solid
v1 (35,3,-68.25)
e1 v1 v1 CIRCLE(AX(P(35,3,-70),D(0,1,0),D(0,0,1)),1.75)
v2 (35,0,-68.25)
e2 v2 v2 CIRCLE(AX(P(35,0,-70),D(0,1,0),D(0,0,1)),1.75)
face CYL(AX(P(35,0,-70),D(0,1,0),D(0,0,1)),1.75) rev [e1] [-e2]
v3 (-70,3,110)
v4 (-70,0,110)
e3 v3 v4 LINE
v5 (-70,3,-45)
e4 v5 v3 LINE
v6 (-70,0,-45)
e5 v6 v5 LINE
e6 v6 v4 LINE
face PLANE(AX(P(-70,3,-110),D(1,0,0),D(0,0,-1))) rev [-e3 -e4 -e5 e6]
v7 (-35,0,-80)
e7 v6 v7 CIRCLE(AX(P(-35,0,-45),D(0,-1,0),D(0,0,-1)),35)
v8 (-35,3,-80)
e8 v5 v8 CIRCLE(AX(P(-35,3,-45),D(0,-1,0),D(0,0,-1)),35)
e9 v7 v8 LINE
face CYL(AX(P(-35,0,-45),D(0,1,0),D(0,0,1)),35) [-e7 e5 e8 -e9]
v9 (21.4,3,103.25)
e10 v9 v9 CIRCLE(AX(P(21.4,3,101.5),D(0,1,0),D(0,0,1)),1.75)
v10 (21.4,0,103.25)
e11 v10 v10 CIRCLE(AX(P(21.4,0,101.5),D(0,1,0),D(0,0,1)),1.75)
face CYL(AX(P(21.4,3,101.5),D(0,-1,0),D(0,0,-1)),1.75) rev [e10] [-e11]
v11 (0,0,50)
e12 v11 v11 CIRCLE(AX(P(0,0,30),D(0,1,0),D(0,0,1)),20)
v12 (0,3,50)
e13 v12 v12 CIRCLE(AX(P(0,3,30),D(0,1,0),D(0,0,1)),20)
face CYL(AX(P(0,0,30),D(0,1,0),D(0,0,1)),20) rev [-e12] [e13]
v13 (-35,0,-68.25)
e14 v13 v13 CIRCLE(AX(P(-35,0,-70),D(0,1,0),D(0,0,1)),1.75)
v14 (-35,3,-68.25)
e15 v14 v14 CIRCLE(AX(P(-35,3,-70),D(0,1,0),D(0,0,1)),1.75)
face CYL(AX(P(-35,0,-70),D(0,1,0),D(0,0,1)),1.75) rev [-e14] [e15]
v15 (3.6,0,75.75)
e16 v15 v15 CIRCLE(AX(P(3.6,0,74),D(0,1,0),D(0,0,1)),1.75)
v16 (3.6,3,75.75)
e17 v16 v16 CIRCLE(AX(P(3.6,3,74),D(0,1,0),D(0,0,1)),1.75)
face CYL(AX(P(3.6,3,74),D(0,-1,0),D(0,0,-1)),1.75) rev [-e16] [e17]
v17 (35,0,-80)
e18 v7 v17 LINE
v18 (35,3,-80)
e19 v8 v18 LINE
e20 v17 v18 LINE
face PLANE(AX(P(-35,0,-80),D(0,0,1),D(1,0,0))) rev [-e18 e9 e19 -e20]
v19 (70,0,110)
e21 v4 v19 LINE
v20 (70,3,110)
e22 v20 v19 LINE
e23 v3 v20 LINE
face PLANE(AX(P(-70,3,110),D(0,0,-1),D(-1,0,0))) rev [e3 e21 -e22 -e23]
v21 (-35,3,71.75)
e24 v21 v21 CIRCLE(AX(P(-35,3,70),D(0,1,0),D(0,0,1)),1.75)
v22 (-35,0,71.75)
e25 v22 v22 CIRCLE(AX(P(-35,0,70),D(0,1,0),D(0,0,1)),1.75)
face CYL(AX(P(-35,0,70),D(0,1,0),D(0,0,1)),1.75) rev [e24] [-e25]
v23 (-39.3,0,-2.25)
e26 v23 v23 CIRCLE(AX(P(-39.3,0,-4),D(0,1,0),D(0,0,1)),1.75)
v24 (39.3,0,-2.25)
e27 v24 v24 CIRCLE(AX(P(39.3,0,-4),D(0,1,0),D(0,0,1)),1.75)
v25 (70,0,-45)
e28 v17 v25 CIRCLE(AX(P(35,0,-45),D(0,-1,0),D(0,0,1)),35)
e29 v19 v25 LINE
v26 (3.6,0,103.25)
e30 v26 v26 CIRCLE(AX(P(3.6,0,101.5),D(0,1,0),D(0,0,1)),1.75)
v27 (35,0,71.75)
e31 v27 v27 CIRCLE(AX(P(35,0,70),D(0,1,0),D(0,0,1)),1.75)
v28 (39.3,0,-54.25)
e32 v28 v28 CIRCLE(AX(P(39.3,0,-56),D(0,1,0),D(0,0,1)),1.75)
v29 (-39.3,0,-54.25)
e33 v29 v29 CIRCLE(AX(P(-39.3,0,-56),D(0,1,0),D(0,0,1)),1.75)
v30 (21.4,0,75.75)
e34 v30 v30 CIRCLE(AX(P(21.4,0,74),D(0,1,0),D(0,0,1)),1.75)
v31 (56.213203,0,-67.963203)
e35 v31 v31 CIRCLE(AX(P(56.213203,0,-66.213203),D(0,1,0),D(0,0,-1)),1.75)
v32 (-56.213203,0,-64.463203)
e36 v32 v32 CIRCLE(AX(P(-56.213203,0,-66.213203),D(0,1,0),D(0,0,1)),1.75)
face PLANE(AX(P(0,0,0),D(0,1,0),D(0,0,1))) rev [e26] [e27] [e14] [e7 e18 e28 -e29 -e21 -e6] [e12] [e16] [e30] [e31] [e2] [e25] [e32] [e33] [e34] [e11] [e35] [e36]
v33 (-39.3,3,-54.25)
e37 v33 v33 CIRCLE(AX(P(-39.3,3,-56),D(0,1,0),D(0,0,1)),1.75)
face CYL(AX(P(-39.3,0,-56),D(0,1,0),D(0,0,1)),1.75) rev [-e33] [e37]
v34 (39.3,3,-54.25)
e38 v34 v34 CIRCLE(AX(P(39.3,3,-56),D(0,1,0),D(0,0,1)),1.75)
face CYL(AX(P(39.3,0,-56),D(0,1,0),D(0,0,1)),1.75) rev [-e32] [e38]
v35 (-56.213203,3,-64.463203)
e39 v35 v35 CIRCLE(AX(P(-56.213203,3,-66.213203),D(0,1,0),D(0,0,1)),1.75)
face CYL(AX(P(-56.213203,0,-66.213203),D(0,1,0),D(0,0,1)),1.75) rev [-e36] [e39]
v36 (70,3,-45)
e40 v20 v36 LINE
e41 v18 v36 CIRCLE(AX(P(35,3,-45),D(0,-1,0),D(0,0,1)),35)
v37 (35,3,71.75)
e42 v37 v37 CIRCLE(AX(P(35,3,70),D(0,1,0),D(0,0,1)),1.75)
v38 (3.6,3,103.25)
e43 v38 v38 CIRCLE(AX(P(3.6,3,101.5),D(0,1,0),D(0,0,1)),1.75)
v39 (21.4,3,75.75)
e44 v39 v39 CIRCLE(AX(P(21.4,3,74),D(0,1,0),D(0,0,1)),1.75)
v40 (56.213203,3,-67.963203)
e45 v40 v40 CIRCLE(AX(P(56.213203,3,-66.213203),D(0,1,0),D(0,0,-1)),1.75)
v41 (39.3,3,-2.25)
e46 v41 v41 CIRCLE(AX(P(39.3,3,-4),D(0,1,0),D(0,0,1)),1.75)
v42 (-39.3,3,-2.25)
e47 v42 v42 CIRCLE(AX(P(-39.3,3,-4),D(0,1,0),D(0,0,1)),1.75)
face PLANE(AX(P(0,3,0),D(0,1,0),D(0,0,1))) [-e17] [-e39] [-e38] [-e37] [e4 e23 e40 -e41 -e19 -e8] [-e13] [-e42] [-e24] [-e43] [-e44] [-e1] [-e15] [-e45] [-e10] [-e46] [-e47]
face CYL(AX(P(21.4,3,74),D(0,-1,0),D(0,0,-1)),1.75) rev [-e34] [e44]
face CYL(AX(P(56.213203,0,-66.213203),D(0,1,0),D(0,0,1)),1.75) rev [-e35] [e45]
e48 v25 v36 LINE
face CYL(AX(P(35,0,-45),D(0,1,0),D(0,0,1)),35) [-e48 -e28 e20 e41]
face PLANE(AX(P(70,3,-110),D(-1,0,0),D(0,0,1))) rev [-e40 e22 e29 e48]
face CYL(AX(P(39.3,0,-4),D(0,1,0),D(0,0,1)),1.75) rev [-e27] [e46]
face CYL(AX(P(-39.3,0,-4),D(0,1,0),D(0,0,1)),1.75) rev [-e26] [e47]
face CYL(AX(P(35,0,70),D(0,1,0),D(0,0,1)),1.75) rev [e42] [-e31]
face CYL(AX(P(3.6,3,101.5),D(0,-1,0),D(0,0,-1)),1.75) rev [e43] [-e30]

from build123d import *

# Parameters (mm, degrees)
SKETCH_1_W          = 140
SKETCH_1_H          = 220
SKETCH_1_R          = 1.75
EXTRUDE_1_DEPTH     = 3
SKETCH_2_R          = 1.75
SKETCH_2_R_2        = 20
CUT_EXTRUDE_1_DEPTH = 131.418556962
SKETCH_3_R          = 1.75
CUT_EXTRUDE_2_DEPTH = 131.418556962


with BuildPart() as part:
    # 草图1 → 凸台-拉伸1 (new body)
    with BuildSketch(Plane(origin=(0, 0, 0), x_dir=(1, 0, 0), z_dir=(0, 1, 0))):
        Rectangle(SKETCH_1_W, SKETCH_1_H)
        with Locations(Location((21.4, -74, 0), (0, 0, 270))):
            Circle(SKETCH_1_R, mode=Mode.SUBTRACT)
        with Locations(Location((21.4, -101.5, 0), (0, 0, 270))):
            Circle(SKETCH_1_R, mode=Mode.SUBTRACT)
        with Locations(Location((3.6, -101.5, 0), (0, 0, 270))):
            Circle(SKETCH_1_R, mode=Mode.SUBTRACT)
        with Locations(Location((3.6, -74, 0), (0, 0, 270))):
            Circle(SKETCH_1_R, mode=Mode.SUBTRACT)
    extrude(amount=EXTRUDE_1_DEPTH)

    # 草图2 → 切除-拉伸1 (cut, through all)
    with BuildSketch(Plane(origin=(0, 3, 0), x_dir=(1, 0, 0), z_dir=(0, 1, 0))):
        with Locations(Location((-35, 70, 0), (0, 0, 270))):
            Circle(SKETCH_2_R)
        with Locations(Location((35, 70, 0), (0, 0, 270))):
            Circle(SKETCH_2_R)
        with Locations(Location((-35, -70, 0), (0, 0, 270))):
            Circle(SKETCH_2_R)
        with Locations(Location((35, -70, 0), (0, 0, 270))):
            Circle(SKETCH_2_R)
        with Locations(Location((0, -30, 0), (0, 0, 270))):
            Circle(SKETCH_2_R_2)
    extrude(amount=-CUT_EXTRUDE_1_DEPTH, mode=Mode.SUBTRACT)

    # 草图3 → 切除-拉伸2 (cut, through all)
    with BuildSketch(Plane(origin=(0, 3, 0), x_dir=(1, 0, 0), z_dir=(0, 1, 0))):
        with Locations(Location((-39.3, 56, 0), (0, 0, 270))):
            Circle(SKETCH_3_R)
        with Locations(Location((-39.3, 4, 0), (0, 0, 270))):
            Circle(SKETCH_3_R)
        with Locations(Location((39.3, 4, 0), (0, 0, 270))):
            Circle(SKETCH_3_R)
        with Locations(Location((39.3, 56, 0), (0, 0, 270))):
            Circle(SKETCH_3_R)
        with Locations(Location((-56.213203436, 66.213203436, 0), (0, 0, 270))):
            Circle(SKETCH_3_R)
        with Locations(Location((56.213203436, 66.213203436, 0), (0, 0, 90))):
            Circle(SKETCH_3_R)
        with BuildLine():
            Line((-35, 80), (35, 80))
            ThreePointArc((35, 80), (59.748737342, 69.748737342), (70, 45))
            Line((70, 45), (70, 110))
            Line((70, 110), (-70, 110))
            Line((-70, 110), (-70, 45))
            ThreePointArc((-70, 45), (-59.748737342, 69.748737342), (-35, 80))
        make_face()
    extrude(amount=-CUT_EXTRUDE_2_DEPTH, mode=Mode.SUBTRACT)


solid = part.part
